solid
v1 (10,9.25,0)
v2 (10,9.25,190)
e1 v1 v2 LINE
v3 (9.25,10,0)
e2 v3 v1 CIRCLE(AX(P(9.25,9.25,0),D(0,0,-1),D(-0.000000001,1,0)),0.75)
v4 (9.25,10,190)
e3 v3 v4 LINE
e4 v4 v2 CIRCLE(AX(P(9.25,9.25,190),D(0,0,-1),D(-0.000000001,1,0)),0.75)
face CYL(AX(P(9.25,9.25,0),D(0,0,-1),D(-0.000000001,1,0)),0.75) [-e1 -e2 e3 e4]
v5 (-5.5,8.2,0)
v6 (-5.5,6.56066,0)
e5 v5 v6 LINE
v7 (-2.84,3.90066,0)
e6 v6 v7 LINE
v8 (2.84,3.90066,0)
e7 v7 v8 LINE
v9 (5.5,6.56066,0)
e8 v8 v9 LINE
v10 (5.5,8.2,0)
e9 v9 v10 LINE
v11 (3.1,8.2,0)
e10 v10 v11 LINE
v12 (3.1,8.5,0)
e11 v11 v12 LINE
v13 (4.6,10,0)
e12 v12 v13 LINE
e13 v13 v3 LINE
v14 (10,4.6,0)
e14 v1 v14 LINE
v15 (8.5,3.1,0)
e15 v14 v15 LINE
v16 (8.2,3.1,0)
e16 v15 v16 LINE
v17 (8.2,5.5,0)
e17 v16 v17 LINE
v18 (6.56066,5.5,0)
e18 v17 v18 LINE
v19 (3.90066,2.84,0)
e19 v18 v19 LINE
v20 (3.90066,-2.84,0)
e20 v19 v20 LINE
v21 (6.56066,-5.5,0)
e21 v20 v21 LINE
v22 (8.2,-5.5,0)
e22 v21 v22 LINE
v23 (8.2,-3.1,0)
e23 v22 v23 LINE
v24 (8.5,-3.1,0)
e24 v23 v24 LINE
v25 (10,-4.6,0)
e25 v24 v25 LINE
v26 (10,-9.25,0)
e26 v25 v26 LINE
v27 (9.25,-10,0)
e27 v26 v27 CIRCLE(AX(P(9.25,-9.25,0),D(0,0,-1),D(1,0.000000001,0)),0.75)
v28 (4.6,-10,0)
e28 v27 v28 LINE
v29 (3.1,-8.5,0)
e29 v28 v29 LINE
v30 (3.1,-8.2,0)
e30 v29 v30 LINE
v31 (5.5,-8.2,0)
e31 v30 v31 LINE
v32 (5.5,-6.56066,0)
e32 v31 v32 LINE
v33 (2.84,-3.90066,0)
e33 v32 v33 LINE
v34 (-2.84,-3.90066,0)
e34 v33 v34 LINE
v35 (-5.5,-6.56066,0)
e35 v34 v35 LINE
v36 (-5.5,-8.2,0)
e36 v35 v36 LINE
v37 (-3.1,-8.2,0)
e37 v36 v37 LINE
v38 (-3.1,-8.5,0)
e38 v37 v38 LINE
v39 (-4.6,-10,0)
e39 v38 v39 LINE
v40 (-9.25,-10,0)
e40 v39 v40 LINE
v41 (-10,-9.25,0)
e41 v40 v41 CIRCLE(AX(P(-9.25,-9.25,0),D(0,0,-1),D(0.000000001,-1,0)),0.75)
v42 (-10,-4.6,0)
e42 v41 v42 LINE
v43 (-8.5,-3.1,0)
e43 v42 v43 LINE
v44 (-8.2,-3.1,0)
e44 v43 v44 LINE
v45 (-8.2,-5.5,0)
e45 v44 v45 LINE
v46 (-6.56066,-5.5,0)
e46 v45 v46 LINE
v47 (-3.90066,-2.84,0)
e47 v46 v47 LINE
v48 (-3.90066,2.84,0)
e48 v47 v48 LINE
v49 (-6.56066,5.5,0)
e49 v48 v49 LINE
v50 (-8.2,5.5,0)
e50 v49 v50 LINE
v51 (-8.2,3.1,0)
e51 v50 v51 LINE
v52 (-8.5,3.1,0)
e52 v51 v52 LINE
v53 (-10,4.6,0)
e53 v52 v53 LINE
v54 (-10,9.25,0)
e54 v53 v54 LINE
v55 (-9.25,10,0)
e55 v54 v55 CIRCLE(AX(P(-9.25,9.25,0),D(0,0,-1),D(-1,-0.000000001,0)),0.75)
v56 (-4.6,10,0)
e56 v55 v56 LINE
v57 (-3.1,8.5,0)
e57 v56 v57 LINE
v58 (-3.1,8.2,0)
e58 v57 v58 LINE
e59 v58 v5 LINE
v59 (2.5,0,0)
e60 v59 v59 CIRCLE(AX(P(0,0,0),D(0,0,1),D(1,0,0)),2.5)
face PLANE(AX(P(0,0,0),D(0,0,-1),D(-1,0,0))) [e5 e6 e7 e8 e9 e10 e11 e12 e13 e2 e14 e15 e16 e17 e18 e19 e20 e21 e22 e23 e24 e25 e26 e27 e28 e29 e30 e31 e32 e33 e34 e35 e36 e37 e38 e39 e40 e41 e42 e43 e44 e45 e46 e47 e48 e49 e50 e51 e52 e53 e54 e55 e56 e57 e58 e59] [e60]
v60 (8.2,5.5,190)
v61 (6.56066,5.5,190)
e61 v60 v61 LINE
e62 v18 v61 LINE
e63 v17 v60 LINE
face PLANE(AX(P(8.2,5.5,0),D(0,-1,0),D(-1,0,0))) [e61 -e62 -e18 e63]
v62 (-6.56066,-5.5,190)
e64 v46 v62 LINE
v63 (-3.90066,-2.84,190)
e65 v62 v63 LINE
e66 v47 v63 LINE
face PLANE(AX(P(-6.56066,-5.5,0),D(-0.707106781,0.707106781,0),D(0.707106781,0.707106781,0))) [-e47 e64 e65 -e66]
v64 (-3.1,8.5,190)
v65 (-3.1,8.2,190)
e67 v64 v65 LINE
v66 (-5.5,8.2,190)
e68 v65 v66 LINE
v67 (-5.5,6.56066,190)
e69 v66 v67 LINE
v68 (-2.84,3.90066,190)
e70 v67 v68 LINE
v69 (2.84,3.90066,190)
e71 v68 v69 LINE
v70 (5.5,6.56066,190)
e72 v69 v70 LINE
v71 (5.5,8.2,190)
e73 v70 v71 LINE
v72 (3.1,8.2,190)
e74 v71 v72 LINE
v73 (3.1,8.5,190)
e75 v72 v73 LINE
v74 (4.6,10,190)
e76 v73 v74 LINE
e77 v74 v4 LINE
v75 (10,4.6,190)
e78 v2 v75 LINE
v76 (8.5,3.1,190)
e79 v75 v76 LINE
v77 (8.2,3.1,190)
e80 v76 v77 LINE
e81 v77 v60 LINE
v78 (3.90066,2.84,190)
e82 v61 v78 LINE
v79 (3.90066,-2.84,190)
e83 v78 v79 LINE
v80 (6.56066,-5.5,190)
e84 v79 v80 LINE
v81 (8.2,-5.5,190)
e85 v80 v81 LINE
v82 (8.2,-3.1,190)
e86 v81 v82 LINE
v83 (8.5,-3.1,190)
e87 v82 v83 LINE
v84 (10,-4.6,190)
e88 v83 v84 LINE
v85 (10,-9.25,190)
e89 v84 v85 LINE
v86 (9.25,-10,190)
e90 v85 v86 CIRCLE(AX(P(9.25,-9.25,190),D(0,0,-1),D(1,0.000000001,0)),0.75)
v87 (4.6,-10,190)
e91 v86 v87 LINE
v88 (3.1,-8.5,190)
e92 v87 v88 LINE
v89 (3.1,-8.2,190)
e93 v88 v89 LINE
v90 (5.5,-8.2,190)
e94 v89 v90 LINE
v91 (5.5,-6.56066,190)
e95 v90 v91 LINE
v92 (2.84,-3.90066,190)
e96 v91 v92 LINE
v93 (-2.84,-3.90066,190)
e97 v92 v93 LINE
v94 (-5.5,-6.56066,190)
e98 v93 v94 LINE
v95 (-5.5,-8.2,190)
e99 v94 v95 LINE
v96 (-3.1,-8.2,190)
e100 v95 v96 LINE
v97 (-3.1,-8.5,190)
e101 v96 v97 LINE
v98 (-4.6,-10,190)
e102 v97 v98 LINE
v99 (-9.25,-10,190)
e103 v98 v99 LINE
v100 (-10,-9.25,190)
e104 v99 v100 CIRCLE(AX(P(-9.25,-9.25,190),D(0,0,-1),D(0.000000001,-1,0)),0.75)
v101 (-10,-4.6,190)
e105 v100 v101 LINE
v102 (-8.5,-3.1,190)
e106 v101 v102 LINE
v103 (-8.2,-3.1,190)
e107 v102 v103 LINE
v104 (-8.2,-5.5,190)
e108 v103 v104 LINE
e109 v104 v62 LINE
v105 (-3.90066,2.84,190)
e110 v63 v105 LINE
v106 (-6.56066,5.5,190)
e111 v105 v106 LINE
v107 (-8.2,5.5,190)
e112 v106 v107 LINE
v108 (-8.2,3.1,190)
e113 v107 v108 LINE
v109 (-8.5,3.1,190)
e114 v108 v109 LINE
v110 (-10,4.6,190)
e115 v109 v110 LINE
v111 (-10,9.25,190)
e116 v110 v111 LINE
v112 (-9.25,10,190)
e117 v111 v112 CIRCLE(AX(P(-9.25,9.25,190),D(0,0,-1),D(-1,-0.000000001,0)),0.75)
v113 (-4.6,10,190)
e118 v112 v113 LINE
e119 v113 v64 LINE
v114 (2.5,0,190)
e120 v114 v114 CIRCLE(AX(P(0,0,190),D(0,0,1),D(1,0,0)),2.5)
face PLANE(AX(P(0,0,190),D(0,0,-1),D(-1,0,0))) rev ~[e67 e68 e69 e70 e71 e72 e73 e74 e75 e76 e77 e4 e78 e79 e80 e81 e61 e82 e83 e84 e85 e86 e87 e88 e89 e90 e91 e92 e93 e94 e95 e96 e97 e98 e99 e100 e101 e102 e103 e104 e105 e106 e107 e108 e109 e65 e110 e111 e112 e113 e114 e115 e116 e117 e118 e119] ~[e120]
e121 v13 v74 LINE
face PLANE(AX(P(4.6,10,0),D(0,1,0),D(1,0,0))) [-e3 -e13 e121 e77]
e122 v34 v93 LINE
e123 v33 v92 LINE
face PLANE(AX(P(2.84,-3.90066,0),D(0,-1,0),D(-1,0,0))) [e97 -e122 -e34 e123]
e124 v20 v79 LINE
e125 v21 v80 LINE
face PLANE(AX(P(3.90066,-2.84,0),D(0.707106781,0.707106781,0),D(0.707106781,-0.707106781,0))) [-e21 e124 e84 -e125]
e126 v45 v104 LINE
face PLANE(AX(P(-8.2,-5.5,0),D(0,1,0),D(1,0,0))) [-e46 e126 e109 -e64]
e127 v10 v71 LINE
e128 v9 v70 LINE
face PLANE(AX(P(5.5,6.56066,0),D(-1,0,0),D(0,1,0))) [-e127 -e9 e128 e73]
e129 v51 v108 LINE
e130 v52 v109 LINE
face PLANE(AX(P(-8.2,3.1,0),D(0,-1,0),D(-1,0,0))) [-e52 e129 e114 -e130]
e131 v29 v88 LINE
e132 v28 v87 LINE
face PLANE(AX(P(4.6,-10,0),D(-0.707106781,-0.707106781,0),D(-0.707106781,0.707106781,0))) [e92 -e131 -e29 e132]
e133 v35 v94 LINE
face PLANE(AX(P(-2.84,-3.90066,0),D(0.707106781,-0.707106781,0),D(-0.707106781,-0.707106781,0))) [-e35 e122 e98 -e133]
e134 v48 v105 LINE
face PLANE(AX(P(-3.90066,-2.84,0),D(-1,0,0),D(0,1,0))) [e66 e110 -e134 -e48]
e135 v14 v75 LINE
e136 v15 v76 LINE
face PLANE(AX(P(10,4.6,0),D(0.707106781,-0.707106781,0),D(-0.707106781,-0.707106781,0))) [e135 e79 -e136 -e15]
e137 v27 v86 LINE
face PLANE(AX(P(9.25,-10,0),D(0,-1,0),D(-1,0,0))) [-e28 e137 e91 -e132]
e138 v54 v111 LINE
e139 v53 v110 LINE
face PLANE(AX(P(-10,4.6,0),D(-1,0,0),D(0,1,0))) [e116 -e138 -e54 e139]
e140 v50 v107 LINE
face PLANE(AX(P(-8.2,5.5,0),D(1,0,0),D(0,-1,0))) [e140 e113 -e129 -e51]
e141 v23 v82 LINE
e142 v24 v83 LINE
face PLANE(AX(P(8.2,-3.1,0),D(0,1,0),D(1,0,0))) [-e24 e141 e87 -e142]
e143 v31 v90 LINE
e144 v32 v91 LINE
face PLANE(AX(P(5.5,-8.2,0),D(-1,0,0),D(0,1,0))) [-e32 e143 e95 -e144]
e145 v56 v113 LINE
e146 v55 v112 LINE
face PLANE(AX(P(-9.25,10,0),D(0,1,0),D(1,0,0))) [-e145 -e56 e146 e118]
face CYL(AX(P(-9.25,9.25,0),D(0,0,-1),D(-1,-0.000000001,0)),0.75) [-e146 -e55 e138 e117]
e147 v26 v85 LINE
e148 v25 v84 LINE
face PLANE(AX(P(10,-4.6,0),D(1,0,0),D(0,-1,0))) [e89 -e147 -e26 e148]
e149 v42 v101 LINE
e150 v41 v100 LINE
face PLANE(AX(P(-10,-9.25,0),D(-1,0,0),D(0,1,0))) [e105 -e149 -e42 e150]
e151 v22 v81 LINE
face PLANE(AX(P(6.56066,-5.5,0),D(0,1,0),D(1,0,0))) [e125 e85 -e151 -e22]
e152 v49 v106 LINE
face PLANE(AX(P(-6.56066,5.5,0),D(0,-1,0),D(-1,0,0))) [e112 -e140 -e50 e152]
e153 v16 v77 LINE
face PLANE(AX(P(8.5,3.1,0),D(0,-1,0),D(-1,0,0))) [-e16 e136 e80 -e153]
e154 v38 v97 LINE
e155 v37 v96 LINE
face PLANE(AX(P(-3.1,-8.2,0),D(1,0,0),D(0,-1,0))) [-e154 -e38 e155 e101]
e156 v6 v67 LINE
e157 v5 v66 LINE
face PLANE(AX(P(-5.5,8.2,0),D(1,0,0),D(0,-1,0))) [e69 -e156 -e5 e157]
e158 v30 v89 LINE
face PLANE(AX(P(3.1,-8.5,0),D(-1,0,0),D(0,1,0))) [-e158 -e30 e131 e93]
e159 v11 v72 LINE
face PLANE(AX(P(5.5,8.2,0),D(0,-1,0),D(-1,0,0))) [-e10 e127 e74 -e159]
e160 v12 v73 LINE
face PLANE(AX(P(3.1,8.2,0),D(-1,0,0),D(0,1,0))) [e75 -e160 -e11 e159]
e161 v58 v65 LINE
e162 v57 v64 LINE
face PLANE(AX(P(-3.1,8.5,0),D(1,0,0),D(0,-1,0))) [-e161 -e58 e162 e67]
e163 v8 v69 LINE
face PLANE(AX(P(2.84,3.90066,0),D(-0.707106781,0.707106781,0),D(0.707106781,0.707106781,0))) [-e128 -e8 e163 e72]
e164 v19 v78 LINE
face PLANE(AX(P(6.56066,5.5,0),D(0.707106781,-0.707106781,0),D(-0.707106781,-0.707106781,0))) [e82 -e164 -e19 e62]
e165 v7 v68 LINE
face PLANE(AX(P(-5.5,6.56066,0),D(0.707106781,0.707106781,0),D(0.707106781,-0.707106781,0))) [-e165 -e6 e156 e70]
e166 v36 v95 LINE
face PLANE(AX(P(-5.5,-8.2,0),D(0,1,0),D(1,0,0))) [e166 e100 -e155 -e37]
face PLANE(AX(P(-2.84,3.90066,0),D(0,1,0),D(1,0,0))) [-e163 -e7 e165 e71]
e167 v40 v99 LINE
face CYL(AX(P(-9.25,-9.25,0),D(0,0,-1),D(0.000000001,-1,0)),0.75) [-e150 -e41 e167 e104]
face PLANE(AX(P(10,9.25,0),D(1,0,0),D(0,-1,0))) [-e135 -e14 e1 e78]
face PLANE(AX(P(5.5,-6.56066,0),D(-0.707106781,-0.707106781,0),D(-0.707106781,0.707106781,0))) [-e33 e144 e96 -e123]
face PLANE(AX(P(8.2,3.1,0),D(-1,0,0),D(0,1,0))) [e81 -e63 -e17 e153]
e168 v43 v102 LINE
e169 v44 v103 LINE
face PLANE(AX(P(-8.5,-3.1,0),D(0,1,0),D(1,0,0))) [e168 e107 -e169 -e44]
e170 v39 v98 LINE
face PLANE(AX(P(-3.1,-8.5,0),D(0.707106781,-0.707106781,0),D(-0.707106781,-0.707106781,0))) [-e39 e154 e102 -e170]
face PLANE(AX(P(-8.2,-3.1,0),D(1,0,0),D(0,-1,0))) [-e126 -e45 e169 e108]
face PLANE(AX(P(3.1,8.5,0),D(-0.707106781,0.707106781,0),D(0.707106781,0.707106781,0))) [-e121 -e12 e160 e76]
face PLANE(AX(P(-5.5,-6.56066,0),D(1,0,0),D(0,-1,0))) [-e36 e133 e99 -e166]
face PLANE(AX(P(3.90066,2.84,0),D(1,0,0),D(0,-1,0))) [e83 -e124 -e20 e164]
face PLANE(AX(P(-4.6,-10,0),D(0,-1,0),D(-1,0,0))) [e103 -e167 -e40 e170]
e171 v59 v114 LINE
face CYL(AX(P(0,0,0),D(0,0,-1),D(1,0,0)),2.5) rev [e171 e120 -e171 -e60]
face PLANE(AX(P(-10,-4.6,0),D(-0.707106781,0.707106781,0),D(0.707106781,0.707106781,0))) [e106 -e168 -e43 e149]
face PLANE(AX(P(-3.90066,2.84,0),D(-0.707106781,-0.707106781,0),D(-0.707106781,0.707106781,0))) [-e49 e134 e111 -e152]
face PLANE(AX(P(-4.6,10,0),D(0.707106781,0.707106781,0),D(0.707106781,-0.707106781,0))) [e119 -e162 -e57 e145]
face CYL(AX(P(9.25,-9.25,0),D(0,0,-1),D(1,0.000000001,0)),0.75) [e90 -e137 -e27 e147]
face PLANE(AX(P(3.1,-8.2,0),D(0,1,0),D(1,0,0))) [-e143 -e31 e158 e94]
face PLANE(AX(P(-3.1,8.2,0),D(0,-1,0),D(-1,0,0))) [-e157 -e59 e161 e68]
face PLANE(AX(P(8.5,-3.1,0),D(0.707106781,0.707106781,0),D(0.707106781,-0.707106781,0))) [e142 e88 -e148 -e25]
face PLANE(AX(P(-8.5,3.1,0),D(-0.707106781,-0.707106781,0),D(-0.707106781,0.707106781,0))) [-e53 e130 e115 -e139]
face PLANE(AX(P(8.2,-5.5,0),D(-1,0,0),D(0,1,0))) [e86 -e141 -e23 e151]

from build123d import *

# Parameters (mm, degrees)
CROQUIS1_R              = 2.5
SALIENTE_EXTRUIR1_DEPTH = 190


with BuildPart() as part:
    # Croquis1 → Saliente-Extruir1 (new body)
    with BuildSketch(Plane.XY):
        with BuildLine():
            Line((-4.6, 10), (-3.1, 8.5))
            Line((-3.1, 8.5), (-3.1, 8.2))
            Line((-3.1, 8.2), (-5.5, 8.2))
            Line((-5.5, 8.2), (-5.5, 6.560660172))
            Line((-5.5, 6.560660172), (-2.84, 3.900660172))
            Line((-2.84, 3.900660172), (0, 3.900660172))
            Line((0, 3.900660172), (2.84, 3.900660172))
            Line((2.84, 3.900660172), (5.5, 6.560660172))
            Line((5.5, 6.560660172), (5.5, 8.2))
            Line((5.5, 8.2), (3.1, 8.2))
            Line((3.1, 8.2), (3.1, 8.5))
            Line((3.1, 8.5), (4.6, 10))
            Line((4.6, 10), (9.25, 10))
            ThreePointArc((9.25, 10), (9.780330086, 9.780330086), (10, 9.25))
            Line((10, 9.25), (10, 4.6))
            Line((10, 4.6), (8.5, 3.1))
            Line((8.5, 3.1), (8.2, 3.1))
            Line((8.2, 3.1), (8.2, 5.5))
            Line((8.2, 5.5), (6.560660172, 5.5))
            Line((6.560660172, 5.5), (3.900660172, 2.84))
            Line((3.900660172, 2.84), (3.900660172, 0))
            Line((3.900660172, 0), (3.900660172, -2.84))
            Line((3.900660172, -2.84), (6.560660172, -5.5))
            Line((6.560660172, -5.5), (8.2, -5.5))
            Line((8.2, -5.5), (8.2, -3.1))
            Line((8.2, -3.1), (8.5, -3.1))
            Line((8.5, -3.1), (10, -4.6))
            Line((10, -4.6), (10, -9.25))
            ThreePointArc((10, -9.25), (9.780330086, -9.780330086), (9.25, -10))
            Line((9.25, -10), (4.6, -10))
            Line((4.6, -10), (3.1, -8.5))
            Line((3.1, -8.5), (3.1, -8.2))
            Line((3.1, -8.2), (5.5, -8.2))
            Line((5.5, -8.2), (5.5, -6.560660172))
            Line((5.5, -6.560660172), (2.84, -3.900660172))
            Line((2.84, -3.900660172), (0, -3.900660172))
            Line((0, -3.900660172), (-2.84, -3.900660172))
            Line((-2.84, -3.900660172), (-5.5, -6.560660172))
            Line((-5.5, -6.560660172), (-5.5, -8.2))
            Line((-5.5, -8.2), (-3.1, -8.2))
            Line((-3.1, -8.2), (-3.1, -8.5))
            Line((-3.1, -8.5), (-4.6, -10))
            Line((-4.6, -10), (-9.25, -10))
            ThreePointArc((-9.25, -10), (-9.780330086, -9.780330086), (-10, -9.25))
            Line((-10, -9.25), (-10, -4.6))
            Line((-10, -4.6), (-8.5, -3.1))
            Line((-8.5, -3.1), (-8.2, -3.1))
            Line((-8.2, -3.1), (-8.2, -5.5))
            Line((-8.2, -5.5), (-6.560660172, -5.5))
            Line((-6.560660172, -5.5), (-3.900660172, -2.84))
            Line((-3.900660172, -2.84), (-3.900660172, 0))
            Line((-3.900660172, 0), (-3.900660172, 2.84))
            Line((-3.900660172, 2.84), (-6.560660172, 5.5))
            Line((-6.560660172, 5.5), (-8.2, 5.5))
            Line((-8.2, 5.5), (-8.2, 3.1))
            Line((-8.2, 3.1), (-8.5, 3.1))
            Line((-8.5, 3.1), (-10, 4.6))
            Line((-10, 4.6), (-10, 9.25))
            ThreePointArc((-10, 9.25), (-9.780330086, 9.780330086), (-9.25, 10))
            Line((-9.25, 10), (-4.6, 10))
        make_face()
        Circle(CROQUIS1_R, mode=Mode.SUBTRACT)
    extrude(amount=SALIENTE_EXTRUIR1_DEPTH)


solid = part.part
